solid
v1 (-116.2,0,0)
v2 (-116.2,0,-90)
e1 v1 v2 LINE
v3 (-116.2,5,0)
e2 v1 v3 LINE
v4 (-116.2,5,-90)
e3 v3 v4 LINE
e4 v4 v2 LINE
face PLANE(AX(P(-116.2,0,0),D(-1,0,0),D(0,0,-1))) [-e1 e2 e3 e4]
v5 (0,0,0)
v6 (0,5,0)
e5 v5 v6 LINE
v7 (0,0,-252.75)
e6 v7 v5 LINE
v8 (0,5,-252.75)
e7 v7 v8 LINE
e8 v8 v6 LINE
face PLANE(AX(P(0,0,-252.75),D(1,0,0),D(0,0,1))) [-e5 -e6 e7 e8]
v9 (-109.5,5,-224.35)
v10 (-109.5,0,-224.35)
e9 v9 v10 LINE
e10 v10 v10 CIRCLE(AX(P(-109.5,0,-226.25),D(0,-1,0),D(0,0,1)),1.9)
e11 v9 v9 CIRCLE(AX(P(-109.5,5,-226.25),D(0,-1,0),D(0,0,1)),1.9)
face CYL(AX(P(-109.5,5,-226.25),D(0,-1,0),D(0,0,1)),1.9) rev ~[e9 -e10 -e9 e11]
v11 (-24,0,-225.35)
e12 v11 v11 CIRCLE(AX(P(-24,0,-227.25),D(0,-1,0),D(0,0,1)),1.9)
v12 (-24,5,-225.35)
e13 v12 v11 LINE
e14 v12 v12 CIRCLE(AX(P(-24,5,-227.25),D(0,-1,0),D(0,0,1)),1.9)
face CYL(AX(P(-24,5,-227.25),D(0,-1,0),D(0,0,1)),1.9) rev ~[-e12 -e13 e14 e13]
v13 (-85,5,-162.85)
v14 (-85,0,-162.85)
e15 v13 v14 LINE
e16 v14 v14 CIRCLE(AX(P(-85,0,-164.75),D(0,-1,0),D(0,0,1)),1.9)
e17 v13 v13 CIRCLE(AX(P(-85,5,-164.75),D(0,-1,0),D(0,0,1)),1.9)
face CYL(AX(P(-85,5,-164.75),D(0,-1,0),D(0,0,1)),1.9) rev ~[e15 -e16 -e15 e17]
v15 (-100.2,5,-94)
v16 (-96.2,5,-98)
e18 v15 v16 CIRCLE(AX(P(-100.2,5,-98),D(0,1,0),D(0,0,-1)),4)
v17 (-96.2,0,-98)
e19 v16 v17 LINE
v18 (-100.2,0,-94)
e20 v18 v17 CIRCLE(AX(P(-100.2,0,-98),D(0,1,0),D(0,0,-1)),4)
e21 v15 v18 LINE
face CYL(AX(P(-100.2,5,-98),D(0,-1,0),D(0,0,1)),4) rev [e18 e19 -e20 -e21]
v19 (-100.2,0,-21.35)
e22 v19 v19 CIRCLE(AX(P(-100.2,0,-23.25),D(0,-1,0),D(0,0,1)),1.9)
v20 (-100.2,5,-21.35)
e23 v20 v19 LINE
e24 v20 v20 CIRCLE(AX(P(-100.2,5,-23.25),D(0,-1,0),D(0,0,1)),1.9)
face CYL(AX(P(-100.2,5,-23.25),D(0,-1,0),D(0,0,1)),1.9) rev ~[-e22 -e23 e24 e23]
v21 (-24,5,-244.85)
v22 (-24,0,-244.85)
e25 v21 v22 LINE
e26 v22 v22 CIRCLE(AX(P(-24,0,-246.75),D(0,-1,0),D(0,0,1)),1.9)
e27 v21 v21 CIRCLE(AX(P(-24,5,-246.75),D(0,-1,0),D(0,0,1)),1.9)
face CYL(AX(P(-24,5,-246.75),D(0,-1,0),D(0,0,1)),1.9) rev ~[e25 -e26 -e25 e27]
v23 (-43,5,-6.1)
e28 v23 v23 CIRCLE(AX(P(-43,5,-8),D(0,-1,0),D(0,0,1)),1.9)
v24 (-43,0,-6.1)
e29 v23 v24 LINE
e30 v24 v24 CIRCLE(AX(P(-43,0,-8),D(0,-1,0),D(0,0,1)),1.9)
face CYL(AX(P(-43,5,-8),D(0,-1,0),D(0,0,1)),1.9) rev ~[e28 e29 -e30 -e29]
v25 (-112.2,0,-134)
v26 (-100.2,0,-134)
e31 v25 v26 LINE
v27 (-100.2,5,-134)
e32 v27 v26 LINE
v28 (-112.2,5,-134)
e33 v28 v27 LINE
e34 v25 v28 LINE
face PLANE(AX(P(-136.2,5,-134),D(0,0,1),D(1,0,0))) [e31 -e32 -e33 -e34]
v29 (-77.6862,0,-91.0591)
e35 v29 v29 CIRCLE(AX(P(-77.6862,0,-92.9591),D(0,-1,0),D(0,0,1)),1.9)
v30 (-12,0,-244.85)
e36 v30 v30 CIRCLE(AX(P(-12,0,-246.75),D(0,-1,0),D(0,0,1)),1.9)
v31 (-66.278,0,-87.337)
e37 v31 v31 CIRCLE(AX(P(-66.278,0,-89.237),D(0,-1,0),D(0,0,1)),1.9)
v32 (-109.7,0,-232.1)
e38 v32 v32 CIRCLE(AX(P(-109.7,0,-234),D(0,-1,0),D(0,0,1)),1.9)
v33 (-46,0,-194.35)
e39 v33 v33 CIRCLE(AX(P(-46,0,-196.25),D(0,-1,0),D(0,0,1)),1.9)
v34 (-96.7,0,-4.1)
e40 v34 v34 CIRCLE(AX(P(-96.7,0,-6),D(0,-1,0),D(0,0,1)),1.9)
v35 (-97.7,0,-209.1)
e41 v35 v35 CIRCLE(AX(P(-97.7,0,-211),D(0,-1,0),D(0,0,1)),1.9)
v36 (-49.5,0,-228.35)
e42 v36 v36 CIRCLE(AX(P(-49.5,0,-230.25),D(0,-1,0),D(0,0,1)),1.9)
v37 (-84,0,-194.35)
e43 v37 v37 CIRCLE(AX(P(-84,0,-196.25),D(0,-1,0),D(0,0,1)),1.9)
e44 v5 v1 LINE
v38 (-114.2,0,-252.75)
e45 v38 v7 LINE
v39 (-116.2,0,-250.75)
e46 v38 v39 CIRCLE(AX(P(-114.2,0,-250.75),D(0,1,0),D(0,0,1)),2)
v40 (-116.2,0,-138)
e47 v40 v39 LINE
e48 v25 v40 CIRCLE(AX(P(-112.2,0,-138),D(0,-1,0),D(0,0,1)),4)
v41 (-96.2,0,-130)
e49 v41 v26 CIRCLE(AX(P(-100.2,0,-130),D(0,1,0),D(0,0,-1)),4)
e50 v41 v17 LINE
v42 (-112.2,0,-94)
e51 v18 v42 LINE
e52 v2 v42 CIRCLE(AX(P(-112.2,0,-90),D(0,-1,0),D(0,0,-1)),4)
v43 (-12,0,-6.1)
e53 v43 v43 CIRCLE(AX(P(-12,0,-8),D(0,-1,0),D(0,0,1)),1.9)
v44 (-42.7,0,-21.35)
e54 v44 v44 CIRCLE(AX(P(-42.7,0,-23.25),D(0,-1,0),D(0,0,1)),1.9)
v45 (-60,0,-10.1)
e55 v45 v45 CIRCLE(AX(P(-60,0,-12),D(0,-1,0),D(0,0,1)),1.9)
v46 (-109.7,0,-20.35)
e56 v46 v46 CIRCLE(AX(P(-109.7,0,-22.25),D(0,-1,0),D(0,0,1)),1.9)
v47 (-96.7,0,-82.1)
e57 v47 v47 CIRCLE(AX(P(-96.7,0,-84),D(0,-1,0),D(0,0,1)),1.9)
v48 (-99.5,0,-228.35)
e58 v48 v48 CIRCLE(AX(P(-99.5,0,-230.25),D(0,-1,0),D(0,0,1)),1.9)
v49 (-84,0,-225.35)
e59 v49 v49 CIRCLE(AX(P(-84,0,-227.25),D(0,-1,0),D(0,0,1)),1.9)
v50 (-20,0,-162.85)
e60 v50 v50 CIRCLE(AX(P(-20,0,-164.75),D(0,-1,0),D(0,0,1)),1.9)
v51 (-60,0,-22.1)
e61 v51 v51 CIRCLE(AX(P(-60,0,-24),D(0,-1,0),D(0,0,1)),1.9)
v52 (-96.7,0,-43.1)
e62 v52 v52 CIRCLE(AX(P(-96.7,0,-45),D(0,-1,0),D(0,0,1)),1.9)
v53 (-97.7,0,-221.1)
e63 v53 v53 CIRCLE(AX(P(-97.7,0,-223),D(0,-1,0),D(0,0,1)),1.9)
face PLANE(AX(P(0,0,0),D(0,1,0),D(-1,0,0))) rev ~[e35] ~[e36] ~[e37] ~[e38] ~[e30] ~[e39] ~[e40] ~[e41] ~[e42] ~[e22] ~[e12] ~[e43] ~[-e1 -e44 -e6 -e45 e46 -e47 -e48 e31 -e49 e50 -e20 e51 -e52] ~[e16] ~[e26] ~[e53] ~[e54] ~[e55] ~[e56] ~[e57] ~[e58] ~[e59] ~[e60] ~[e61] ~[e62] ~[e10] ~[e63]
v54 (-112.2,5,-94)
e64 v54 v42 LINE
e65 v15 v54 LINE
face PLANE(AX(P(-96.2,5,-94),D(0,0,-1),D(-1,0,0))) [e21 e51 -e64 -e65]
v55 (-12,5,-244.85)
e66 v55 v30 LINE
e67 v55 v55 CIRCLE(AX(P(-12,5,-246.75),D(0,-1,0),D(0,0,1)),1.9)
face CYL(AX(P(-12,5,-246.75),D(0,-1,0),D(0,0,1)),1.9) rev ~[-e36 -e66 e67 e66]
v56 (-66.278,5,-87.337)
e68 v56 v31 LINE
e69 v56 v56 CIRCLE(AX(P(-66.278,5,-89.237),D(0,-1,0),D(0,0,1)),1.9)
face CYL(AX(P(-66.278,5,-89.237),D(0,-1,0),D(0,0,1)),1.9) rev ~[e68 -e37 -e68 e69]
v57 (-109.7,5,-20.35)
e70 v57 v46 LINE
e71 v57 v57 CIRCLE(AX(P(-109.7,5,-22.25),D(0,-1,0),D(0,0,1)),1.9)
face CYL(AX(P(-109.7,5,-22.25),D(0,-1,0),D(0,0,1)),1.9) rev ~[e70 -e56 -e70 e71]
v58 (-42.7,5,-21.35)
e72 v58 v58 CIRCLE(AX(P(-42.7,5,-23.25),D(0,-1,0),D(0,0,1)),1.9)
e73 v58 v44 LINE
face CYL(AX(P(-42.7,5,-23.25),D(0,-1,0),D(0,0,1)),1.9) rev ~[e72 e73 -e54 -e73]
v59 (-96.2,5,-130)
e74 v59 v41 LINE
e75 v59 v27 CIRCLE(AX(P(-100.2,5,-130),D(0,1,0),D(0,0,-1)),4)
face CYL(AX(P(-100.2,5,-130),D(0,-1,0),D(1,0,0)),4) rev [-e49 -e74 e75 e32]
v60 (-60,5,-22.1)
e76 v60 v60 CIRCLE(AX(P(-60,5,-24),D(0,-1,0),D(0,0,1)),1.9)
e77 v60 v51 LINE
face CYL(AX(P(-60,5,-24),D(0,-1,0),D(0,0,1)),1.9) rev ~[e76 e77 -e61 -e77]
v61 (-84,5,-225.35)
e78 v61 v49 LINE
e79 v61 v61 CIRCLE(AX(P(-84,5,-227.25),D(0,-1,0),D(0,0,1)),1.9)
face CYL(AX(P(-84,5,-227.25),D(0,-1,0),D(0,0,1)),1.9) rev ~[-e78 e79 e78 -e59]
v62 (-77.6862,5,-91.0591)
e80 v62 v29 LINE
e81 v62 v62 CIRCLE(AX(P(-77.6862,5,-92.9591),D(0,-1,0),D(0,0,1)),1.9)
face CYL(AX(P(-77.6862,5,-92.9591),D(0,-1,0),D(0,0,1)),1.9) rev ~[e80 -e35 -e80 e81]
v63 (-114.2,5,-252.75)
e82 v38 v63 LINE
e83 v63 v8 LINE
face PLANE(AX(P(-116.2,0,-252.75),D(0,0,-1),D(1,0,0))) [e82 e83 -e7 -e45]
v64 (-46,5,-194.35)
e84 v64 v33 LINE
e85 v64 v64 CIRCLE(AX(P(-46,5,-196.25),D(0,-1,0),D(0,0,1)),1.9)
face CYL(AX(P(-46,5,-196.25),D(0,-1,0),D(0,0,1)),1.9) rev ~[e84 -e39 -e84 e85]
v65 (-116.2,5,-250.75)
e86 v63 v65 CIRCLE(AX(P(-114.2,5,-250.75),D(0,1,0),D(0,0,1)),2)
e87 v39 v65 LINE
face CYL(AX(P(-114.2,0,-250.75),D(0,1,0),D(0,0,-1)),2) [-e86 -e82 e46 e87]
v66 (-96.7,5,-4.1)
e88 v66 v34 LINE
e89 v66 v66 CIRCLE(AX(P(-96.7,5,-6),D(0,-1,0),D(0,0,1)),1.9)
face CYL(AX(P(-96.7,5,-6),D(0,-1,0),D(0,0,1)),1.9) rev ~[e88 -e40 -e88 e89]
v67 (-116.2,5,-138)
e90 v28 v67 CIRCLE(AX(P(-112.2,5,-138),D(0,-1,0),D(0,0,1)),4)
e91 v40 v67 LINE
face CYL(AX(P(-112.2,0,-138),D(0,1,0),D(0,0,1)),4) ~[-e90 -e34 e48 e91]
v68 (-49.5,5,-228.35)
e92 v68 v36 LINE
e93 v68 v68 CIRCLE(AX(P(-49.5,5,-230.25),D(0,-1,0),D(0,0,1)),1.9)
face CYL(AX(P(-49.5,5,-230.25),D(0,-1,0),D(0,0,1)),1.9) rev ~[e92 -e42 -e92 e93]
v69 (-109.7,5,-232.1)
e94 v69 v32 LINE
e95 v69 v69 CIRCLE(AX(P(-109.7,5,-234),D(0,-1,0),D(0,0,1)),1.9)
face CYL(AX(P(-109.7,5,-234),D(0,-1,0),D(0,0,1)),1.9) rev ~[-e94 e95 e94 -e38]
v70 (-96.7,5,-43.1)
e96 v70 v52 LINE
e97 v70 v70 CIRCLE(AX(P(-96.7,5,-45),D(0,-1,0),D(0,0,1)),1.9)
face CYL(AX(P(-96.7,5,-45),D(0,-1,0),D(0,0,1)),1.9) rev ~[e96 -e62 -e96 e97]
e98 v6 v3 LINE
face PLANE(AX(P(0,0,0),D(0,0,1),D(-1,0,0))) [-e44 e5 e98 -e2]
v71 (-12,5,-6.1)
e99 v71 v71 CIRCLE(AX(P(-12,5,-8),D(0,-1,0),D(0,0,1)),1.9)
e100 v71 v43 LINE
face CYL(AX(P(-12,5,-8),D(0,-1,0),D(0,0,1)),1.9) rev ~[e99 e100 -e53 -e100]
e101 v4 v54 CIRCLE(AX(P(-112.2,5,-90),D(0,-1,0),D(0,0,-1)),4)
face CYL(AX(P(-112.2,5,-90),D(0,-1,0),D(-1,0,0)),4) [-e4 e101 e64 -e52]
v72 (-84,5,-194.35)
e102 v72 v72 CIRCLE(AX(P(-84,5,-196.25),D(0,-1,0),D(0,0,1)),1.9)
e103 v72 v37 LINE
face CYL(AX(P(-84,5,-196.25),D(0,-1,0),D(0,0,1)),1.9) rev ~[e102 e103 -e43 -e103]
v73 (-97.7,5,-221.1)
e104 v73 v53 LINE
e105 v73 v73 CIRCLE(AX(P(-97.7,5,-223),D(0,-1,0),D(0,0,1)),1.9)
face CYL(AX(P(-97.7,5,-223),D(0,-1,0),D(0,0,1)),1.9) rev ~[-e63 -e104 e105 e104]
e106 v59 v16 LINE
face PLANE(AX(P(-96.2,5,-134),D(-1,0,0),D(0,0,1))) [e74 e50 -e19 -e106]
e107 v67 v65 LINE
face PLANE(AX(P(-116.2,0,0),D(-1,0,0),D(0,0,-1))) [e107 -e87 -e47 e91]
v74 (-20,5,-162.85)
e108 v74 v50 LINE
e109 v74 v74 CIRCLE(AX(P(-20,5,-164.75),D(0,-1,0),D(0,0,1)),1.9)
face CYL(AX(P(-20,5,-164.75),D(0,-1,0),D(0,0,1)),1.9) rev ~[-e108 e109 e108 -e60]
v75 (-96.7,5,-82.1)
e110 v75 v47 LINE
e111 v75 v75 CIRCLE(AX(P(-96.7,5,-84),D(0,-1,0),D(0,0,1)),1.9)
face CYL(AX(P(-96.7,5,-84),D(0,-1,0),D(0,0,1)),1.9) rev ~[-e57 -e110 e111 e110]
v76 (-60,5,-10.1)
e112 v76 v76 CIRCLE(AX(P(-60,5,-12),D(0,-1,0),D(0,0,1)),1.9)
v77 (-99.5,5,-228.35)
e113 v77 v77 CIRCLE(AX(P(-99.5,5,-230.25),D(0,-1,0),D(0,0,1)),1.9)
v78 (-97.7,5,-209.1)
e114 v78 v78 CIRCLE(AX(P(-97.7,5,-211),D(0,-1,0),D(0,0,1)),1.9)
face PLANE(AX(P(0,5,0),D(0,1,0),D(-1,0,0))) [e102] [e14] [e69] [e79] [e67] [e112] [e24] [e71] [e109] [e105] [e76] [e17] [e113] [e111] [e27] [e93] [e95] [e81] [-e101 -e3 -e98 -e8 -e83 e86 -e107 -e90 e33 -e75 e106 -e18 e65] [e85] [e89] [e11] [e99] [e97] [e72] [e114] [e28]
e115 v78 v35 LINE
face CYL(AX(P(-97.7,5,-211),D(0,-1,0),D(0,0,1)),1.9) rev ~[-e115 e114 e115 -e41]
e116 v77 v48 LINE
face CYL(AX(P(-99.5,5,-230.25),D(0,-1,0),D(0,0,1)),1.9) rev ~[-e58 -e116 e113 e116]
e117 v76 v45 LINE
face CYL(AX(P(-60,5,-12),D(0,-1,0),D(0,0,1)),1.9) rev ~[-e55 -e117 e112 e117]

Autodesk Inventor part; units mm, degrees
ref_plane "YZ Plane" through (0, 0, 0) normal (1, 0, 0) x (0, 1, 0)
ref_plane "XZ Plane" through (0, 0, 0) normal (0, 1, 0) x (-1, 0, 0)
ref_plane "XY Plane" through (0, 0, 0) normal (0, 0, 1) x (1, 0, 0)
sketch "Sketch1" plane through (0, 0, 0) normal (0, 1, 0) x (-1, 0, 0)
  line L0 (0, 0) -> (116.2, 0)
  line L1 (116.2, 0) -> (116.2, -252.75)
  line L2 (116.2, -252.75) -> (0, -252.75)
  line L3 (0, -252.75) -> (0, 0)
  dimension "d0" = 116.2
  dimension "d1" = 252.75
extrude "Extrusion1" add sketch "Sketch1" along normal blind 5
sketch "Sketch2" plane through (0, 5, 0) normal (0, 1, 0) x (1, 0, 0)
  line L0 (-143.9049, 8) -> (61.1103, 8) construction
  line L1 (-143.9049, 246.75) -> (56.0412, 246.75) construction
  line L2 (-116.2, 0) -> (0, 0) construction
  line L3 (0, 252.75) -> (-116.2, 252.75) construction
  line L4 (0, 0) -> (0, 252.75) construction
  point P0 (-12, 8)
  point P1 (-43, 8)
  point P2 (-12, 246.75)
  point P3 (-24, 246.75)
  dimension "d4" = 8
  dimension "d5" = 6
  dimension "d6" = 12
  dimension "d7" = 12
  dimension "d8" = 12
  dimension "d9" = 31
hole "Hole1" at (-12, 5, -8) at (-43, 5, -8) at (-12, 5, -246.75) at (-24, 5, -246.75) direction (0, -1, 0) diameter 3.8 end through all
sketch "Sketch3" plane through (0, 5, 0) normal (0, 1, 0) x (1, 0, 0)
  line L0 (-60, 274.5902) -> (-60, -21.6249) construction
  line L1 (0, 0) -> (0, 252.75) construction
  line L2 (0, 252.75) -> (-116.2, 252.75) construction
  line L3 (-116.2, 0) -> (0, 0) projected
  point P0 (-60, 24)
  point P1 (-60, 12)
  dimension "d17" = 60
  dimension "d19" = 12
  dimension "d27" = 12
hole "Hole2" at (-60, 5, -24) at (-60, 5, -12) direction (0, -1, 0) diameter 3.8 end through all
sketch "Sketch4" plane through (0, 5, 0) normal (0, 1, 0) x (1, 0, 0)
  line L0 (-150.2588, 199) -> (49.1975, 199) construction
  line L1 (0, 252.75) -> (-116.2, 252.75) construction
  line L2 (-97.7, 275.0226) -> (-97.7, 149.5028) construction
  line L3 (-116.2, 252.75) -> (-116.2, 0) construction
  point P0 (0, 0)
  point P1 (-97.7, 211)
  point P2 (-97.7, 223)
  dimension "d28" = 53.75
  dimension "d29" = 18.5
  dimension "d30" = 12
  dimension "d31" = 24
hole "Hole3" at (-97.7, 5, -211) at (-97.7, 5, -223) direction (0, -1, 0) diameter 3.8 end through all
sketch "Sketch6" plane through (0, 5, 0) normal (0, 1, 0) x (1, 0, 0)
  line L0 (-135.4427, 230.25) -> (59.7258, 230.25) construction
  line L1 (0, 252.75) -> (-116.2, 252.75) construction
  line L2 (-116.2, 252.75) -> (-116.2, 0) construction
  point P0 (0, 0)
  point P1 (-99.5, 230.25)
  point P2 (-49.5, 230.25)
  dimension "d50" = 22.5
  dimension "d51" = 16.7
  dimension "d52" = 66.7
hole "Hole5" at (-99.5, 5, -230.25) at (-49.5, 5, -230.25) direction (0, -1, 0) diameter 3.8 end through all
sketch "Sketch7" plane through (0, 5, 0) normal (0, 1, 0) x (1, 0, 0)
  line L0 (0, 252.75) -> (-116.2, 252.75) projected
  line L1 (-116.2, 252.75) -> (-116.2, 0) projected
  circle A0 centre (-66.278, 89.237) radius 12
  line L2 (-66.278, 89.237) -> (-96.1481, 98.9825)
  point P0 (0, 0)
  point P1 (-77.6862, 92.9591)
  dimension "d64" = 24
  dimension "d60" = 163.513
  dimension "d61" = 49.922
  dimension "d73" = 71.93
hole "Hole6" at (-66.278, 5, -89.237) at (-77.6862, 5, -92.9591) direction (0, -1, 0) diameter 3.8 end through all
sketch "Sketch8" plane through (0, 5, 0) normal (0, 1, 0) x (1, 0, 0)
  line L0 (-136.1371, 23.25) -> (33.8661, 23.25) construction
  line L1 (-116.2, 0) -> (0, 0) construction
  line L2 (-116.2, 252.75) -> (-116.2, 0) construction
  point P0 (-100.2, 23.25)
  point P1 (-42.7, 23.25)
  dimension "d74" = 23.25
  dimension "d75" = 16
  dimension "d76" = 73.5
hole "Hole7" at (-100.2, 5, -23.25) at (-42.7, 5, -23.25) direction (0, -1, 0) diameter 3.8 end through all
sketch "Sketch9" plane through (0, 5, 0) normal (0, 1, 0) x (1, 0, 0)
  line L0 (-125.6401, 227.25) -> (33.4538, 227.25) construction
  line L1 (0, 252.75) -> (-116.2, 252.75) projected
  line L2 (0, 0) -> (0, 252.75) projected
  line L3 (-167.8122, 196.25) -> (35.3783, 196.25) construction
  line L4 (-116.2, 252.75) -> (-116.2, 0) projected
  point P0 (-24, 227.25)
  point P1 (-84, 227.25)
  point P2 (-84, 196.25)
  point P3 (-46, 196.25)
  point P4 (-109.5, 226.25)
  dimension "d84" = 25.5
  dimension "d85" = 24
  dimension "d86" = 84
  dimension "d94" = 56.5
  dimension "d95" = 84
  dimension "d96" = 46
  dimension "d97" = 26.5
  dimension "d98" = 6.7
hole "Hole8" at (-24, 5, -227.25) at (-84, 5, -227.25) at (-84, 5, -196.25) at (-46, 5, -196.25) at (-109.5, 5, -226.25) direction (0, -1, 0) diameter 3.8 end through all
sketch "Sketch10" plane through (0, 5, 0) normal (0, 1, 0) x (1, 0, 0)
  line L0 (-109.7, 267.6136) -> (-109.7, -16.6151) construction
  line L1 (-116.2, 252.75) -> (-116.2, 0) construction
  line L2 (0, 252.75) -> (-116.2, 252.75) projected
  point P0 (0, 0)
  point P1 (-109.7, 234)
  point P2 (-109.7, 22.25)
  dimension "d99" = 6.5
  dimension "d100" = 18.75
  dimension "d101" = 211.75
hole "Hole9" at (-109.7, 5, -234) at (-109.7, 5, -22.25) direction (0, -1, 0) diameter 3.8 end through all
sketch "Sketch11" plane through (0, 5, 0) normal (0, 1, 0) x (1, 0, 0)
  line L0 (-96.7, 85.8638) -> (-96.7, -44.5279) construction
  line L1 (-141.7957, 6) -> (-51.6043, 6) construction
  line L2 (-116.2, 0) -> (0, 0) projected
  line L3 (-116.2, 252.75) -> (-116.2, 0) projected
  point P0 (-96.7, 45)
  point P1 (-96.7, 84)
  point P2 (-96.7, 6)
  dimension "d109" = 6
  dimension "d110" = 19.5
  dimension "d111" = 39
  dimension "d112" = 39
hole "Hole10" at (-96.7, 5, -45) at (-96.7, 5, -84) at (-96.7, 5, -6) direction (0, -1, 0) diameter 3.8 end through all
sketch "Sketch12" plane through (0, 5, 0) normal (0, 1, 0) x (1, 0, 0)
  line L0 (-148.2315, 164.75) -> (24.3981, 164.75) construction
  line L1 (0, 252.75) -> (-116.2, 252.75) projected
  line L2 (0, 0) -> (0, 252.75) projected
  point P0 (-20, 164.75)
  point P1 (-85, 164.75)
  dimension "d120" = 88
  dimension "d121" = 20
  dimension "d122" = 85
hole "Hole11" at (-20, 5, -164.75) at (-85, 5, -164.75) direction (0, -1, 0) diameter 3.8 end through all
sketch "Sketch13" plane through (0, 5, 0) normal (0, 1, 0) x (1, 0, 0)
  line L0 (-159.8751, 114) -> (39.6093, 114) construction
  line L1 (-116.2, 0) -> (0, 0) construction
  line L2 (-96.2, 94) -> (-136.2, 94)
  line L3 (-136.2, 94) -> (-136.2, 134)
  line L4 (-136.2, 134) -> (-96.2, 134)
  line L5 (-96.2, 134) -> (-96.2, 94)
  line L6 (-116.2, 252.75) -> (-116.2, 0) construction
  line L7 (-96.2, 94) -> (-136.2, 134) construction
  line L8 (-136.2, 94) -> (-96.2, 134) construction
  point P0 (-116.2, 114)
  dimension "d130" = 114
  dimension "d131" = 40
  dimension "d132" = 40
extrude "Extrusion2" cut sketch "Sketch13" against normal through all
fillet "Fillet1" radius 4 4 edges at (-116.2, 2.5, -134) (-116.2, 2.5, -94) (-96.2, 2.5, -94) (-96.2, 2.5, -134)
fillet "Fillet2" radius 2 1 edges at (-116.2, 2.5, -252.75)
properties part number "Internal Vert Divider"
